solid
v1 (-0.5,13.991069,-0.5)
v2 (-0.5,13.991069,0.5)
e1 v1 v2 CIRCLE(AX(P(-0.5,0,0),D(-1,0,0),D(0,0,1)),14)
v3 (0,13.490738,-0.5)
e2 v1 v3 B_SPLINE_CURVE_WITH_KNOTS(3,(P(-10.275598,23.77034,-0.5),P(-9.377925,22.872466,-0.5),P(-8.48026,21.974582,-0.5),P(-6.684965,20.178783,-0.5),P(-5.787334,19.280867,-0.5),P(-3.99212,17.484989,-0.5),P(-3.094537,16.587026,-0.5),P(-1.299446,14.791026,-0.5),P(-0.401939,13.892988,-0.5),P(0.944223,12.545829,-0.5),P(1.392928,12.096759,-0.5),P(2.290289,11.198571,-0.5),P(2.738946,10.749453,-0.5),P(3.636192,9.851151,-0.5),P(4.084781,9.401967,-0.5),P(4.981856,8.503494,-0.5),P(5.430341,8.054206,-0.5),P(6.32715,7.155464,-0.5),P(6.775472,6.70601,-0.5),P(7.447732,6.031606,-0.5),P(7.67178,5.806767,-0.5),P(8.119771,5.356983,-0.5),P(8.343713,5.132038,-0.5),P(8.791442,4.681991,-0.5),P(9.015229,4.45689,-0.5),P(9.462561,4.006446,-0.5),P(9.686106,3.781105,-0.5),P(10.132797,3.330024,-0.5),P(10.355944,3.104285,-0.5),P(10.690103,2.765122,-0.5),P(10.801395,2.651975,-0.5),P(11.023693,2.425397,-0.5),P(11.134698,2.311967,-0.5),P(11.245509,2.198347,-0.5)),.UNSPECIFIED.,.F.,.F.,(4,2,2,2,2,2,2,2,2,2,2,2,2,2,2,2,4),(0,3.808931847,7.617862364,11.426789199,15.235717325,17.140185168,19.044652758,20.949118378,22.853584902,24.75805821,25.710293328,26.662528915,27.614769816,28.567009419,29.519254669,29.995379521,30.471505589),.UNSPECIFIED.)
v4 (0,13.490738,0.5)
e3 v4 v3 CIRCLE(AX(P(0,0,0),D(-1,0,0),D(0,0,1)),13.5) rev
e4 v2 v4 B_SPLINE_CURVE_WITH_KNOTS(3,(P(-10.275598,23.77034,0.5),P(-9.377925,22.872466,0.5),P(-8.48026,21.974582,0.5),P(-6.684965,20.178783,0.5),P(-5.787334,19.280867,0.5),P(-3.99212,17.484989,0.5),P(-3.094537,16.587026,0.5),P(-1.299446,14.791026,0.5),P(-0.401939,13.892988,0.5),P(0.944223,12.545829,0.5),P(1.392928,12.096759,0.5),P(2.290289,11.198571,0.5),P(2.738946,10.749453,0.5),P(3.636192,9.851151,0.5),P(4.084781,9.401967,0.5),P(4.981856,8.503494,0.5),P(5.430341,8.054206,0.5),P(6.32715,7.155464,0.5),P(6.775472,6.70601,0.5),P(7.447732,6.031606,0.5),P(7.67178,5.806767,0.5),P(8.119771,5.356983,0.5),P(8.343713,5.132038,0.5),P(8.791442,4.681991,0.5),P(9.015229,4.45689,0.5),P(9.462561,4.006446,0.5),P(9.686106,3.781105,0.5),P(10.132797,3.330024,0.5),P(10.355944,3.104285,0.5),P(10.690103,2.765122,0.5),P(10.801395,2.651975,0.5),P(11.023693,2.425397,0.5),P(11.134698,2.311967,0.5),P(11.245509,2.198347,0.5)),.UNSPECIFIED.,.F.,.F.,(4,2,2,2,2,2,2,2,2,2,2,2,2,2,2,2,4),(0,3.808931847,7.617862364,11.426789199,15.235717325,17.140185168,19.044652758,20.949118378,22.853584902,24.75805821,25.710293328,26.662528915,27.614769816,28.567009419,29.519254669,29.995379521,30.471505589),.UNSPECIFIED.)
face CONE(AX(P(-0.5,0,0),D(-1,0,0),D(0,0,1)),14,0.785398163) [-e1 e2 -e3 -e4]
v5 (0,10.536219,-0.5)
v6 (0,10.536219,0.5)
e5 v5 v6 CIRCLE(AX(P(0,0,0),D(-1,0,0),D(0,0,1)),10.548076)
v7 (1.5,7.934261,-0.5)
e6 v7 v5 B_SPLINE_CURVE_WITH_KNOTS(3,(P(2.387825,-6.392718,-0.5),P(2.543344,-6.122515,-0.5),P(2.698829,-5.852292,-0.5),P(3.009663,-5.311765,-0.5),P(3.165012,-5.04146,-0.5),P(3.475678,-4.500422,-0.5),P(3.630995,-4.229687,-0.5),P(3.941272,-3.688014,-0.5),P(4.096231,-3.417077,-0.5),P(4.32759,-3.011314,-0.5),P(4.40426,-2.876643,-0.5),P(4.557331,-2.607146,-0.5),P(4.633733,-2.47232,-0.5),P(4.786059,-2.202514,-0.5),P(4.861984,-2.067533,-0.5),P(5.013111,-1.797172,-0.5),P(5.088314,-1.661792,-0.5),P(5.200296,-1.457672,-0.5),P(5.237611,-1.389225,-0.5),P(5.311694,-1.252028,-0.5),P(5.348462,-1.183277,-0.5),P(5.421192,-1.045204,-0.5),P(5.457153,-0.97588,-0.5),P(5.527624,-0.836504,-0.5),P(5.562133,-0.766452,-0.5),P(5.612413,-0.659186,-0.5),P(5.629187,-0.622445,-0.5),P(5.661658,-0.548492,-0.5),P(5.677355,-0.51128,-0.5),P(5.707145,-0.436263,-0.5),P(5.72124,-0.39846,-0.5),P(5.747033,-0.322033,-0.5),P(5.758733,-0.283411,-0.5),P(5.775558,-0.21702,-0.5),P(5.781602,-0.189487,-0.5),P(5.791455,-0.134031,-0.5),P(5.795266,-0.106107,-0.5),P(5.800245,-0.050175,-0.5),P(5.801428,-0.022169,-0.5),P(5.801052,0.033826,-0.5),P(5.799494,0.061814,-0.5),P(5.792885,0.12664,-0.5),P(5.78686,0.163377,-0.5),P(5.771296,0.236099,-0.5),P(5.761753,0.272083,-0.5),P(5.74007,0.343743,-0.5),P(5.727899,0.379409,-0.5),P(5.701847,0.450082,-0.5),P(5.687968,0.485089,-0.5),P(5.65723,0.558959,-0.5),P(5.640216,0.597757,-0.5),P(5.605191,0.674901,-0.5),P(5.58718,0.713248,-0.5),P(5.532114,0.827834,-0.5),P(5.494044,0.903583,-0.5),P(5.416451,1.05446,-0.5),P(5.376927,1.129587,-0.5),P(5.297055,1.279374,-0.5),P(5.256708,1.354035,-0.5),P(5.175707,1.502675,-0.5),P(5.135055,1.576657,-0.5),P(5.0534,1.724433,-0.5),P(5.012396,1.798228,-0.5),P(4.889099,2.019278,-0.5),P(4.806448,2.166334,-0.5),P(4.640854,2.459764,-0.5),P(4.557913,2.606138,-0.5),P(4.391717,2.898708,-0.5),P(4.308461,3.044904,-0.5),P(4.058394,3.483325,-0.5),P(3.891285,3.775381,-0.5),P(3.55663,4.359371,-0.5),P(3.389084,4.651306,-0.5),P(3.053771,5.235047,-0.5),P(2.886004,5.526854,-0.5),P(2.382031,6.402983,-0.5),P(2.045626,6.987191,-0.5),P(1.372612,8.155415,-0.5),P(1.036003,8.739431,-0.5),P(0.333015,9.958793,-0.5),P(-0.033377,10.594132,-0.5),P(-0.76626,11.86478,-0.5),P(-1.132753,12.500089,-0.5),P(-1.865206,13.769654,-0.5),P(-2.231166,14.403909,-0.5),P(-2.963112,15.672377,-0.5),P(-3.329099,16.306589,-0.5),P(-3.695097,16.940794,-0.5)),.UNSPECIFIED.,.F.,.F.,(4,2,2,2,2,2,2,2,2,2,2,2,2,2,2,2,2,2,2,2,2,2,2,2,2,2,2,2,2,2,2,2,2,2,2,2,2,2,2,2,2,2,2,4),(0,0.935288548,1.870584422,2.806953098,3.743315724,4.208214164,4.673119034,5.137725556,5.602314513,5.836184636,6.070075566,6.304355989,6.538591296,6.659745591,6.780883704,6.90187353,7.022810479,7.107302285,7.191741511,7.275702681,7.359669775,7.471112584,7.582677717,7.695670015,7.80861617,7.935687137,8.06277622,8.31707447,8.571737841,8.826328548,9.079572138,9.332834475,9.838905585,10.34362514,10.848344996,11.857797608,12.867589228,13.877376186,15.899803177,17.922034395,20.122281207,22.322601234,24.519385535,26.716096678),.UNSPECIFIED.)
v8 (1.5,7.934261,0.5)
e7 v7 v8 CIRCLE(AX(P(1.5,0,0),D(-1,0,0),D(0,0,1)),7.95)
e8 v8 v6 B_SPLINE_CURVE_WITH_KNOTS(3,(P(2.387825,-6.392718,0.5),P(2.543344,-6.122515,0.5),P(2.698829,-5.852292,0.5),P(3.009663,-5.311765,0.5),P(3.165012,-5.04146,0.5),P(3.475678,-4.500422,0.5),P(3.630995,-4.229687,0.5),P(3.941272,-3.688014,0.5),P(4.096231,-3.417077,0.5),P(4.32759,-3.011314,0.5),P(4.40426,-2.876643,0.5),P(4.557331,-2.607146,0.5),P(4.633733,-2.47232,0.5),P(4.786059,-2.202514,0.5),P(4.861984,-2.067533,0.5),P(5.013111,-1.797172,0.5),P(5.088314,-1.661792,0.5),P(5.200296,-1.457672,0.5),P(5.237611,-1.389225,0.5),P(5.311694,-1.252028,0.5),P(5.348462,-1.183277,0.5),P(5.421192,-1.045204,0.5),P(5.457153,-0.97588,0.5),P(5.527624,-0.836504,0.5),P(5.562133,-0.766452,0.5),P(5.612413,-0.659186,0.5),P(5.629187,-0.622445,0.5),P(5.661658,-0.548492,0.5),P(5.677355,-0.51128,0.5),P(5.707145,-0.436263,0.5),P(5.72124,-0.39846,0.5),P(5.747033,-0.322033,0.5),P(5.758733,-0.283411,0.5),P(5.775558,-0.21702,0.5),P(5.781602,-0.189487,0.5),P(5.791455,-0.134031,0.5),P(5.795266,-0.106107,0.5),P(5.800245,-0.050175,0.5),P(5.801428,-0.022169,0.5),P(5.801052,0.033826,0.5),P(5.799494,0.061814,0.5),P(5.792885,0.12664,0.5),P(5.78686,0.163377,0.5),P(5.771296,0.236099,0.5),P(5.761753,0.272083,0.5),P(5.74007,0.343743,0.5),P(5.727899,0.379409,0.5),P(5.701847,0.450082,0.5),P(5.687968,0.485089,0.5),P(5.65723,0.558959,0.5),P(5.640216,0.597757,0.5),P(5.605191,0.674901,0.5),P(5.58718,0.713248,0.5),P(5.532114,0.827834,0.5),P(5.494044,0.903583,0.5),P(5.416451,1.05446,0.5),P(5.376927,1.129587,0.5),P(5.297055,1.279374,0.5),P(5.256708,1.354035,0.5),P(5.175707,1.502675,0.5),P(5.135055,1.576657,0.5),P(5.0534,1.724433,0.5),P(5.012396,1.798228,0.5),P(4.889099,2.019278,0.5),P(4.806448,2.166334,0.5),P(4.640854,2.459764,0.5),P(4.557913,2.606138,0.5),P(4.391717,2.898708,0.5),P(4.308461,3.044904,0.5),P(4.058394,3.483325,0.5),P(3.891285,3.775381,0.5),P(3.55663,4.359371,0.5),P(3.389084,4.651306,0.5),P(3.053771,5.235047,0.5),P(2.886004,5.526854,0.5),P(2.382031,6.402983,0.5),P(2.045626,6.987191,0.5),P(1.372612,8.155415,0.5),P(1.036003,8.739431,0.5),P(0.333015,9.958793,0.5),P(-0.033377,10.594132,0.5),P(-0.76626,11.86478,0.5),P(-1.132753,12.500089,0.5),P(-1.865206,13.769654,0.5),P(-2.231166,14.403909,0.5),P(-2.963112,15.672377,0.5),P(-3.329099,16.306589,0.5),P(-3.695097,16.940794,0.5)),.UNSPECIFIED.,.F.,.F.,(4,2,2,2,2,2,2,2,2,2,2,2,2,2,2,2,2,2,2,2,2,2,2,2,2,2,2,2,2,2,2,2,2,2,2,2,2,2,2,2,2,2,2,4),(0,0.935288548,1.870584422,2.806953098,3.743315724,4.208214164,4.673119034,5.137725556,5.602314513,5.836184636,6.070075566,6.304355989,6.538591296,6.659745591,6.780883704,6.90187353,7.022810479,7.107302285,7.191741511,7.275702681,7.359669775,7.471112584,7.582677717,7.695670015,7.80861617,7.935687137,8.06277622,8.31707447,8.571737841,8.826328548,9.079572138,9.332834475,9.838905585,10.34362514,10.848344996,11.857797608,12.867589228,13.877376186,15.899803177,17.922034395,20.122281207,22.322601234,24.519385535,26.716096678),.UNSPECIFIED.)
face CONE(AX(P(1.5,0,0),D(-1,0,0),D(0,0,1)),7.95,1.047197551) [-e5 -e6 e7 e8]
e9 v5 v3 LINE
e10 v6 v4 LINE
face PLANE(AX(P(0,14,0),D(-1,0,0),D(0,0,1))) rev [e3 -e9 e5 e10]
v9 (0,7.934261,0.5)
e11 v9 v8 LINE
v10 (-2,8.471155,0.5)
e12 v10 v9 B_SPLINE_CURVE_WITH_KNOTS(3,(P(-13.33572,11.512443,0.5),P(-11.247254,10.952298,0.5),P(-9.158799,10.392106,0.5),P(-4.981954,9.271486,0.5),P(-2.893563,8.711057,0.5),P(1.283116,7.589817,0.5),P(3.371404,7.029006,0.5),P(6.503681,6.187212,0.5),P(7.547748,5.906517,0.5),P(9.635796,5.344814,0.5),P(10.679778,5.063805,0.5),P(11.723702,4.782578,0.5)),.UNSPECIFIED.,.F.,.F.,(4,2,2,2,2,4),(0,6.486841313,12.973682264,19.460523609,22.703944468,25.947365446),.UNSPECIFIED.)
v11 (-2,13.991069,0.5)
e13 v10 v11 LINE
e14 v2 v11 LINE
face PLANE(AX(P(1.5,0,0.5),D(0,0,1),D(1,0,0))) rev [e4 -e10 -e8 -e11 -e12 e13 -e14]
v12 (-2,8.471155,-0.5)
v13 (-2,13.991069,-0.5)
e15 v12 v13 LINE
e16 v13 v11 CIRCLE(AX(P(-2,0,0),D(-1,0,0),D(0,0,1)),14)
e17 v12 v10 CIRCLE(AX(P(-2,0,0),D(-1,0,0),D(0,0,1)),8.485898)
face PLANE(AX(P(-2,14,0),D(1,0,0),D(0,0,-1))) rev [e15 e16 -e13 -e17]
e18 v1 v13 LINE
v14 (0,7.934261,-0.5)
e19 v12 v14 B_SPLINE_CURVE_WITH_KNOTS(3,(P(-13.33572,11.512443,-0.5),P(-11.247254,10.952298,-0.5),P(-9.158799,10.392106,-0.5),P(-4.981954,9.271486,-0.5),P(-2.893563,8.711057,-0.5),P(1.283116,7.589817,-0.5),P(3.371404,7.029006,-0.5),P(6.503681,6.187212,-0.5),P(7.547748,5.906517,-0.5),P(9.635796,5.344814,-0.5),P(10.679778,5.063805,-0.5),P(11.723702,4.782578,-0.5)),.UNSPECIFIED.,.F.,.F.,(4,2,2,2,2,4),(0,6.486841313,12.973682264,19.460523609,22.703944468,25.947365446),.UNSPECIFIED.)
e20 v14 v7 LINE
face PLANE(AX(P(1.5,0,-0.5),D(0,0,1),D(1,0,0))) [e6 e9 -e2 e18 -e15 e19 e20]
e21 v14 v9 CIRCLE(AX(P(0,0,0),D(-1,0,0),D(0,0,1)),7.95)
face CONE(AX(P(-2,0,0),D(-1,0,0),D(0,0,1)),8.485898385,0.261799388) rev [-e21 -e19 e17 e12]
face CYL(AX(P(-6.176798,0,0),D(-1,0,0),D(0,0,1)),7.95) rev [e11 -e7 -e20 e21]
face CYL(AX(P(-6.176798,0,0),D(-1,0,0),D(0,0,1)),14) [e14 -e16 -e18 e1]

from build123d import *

# Parameters (mm, degrees)
CHAMFER_1_SIZE      = 0.5
SKETCH_2_W          = 1
SKETCH_2_H          = 14.5
CUT_EXTRUDE_2_DEPTH = 4.5


with BuildPart() as part:
    # Эскиз1 → Повернуть1 (revolve)
    with BuildSketch(Plane.XY):
        Polygon((0, 7.95), (1.5, 7.95), (0, 10.548076211), (0, 14), (-2, 14), (-2, 8.485898385), align=None)
    revolve(axis=Axis((-6.176798117, 0, 0), (1, 0, 0)))

    # Фаска1
    chamfer_1_edges = [part.edges().sort_by_distance(p)[0] for p in [
        (0, -14, 0),
    ]]
    chamfer(chamfer_1_edges, length=CHAMFER_1_SIZE)

    # Эскиз2 → Вырез-Вытянуть2 (cut, through all)
    with BuildSketch(Plane.ZY.offset(2)):
        with Locations((0, 7.25)):
            Rectangle(SKETCH_2_W, SKETCH_2_H)
    extrude(amount=-CUT_EXTRUDE_2_DEPTH, mode=Mode.SUBTRACT)


solid = part.part
